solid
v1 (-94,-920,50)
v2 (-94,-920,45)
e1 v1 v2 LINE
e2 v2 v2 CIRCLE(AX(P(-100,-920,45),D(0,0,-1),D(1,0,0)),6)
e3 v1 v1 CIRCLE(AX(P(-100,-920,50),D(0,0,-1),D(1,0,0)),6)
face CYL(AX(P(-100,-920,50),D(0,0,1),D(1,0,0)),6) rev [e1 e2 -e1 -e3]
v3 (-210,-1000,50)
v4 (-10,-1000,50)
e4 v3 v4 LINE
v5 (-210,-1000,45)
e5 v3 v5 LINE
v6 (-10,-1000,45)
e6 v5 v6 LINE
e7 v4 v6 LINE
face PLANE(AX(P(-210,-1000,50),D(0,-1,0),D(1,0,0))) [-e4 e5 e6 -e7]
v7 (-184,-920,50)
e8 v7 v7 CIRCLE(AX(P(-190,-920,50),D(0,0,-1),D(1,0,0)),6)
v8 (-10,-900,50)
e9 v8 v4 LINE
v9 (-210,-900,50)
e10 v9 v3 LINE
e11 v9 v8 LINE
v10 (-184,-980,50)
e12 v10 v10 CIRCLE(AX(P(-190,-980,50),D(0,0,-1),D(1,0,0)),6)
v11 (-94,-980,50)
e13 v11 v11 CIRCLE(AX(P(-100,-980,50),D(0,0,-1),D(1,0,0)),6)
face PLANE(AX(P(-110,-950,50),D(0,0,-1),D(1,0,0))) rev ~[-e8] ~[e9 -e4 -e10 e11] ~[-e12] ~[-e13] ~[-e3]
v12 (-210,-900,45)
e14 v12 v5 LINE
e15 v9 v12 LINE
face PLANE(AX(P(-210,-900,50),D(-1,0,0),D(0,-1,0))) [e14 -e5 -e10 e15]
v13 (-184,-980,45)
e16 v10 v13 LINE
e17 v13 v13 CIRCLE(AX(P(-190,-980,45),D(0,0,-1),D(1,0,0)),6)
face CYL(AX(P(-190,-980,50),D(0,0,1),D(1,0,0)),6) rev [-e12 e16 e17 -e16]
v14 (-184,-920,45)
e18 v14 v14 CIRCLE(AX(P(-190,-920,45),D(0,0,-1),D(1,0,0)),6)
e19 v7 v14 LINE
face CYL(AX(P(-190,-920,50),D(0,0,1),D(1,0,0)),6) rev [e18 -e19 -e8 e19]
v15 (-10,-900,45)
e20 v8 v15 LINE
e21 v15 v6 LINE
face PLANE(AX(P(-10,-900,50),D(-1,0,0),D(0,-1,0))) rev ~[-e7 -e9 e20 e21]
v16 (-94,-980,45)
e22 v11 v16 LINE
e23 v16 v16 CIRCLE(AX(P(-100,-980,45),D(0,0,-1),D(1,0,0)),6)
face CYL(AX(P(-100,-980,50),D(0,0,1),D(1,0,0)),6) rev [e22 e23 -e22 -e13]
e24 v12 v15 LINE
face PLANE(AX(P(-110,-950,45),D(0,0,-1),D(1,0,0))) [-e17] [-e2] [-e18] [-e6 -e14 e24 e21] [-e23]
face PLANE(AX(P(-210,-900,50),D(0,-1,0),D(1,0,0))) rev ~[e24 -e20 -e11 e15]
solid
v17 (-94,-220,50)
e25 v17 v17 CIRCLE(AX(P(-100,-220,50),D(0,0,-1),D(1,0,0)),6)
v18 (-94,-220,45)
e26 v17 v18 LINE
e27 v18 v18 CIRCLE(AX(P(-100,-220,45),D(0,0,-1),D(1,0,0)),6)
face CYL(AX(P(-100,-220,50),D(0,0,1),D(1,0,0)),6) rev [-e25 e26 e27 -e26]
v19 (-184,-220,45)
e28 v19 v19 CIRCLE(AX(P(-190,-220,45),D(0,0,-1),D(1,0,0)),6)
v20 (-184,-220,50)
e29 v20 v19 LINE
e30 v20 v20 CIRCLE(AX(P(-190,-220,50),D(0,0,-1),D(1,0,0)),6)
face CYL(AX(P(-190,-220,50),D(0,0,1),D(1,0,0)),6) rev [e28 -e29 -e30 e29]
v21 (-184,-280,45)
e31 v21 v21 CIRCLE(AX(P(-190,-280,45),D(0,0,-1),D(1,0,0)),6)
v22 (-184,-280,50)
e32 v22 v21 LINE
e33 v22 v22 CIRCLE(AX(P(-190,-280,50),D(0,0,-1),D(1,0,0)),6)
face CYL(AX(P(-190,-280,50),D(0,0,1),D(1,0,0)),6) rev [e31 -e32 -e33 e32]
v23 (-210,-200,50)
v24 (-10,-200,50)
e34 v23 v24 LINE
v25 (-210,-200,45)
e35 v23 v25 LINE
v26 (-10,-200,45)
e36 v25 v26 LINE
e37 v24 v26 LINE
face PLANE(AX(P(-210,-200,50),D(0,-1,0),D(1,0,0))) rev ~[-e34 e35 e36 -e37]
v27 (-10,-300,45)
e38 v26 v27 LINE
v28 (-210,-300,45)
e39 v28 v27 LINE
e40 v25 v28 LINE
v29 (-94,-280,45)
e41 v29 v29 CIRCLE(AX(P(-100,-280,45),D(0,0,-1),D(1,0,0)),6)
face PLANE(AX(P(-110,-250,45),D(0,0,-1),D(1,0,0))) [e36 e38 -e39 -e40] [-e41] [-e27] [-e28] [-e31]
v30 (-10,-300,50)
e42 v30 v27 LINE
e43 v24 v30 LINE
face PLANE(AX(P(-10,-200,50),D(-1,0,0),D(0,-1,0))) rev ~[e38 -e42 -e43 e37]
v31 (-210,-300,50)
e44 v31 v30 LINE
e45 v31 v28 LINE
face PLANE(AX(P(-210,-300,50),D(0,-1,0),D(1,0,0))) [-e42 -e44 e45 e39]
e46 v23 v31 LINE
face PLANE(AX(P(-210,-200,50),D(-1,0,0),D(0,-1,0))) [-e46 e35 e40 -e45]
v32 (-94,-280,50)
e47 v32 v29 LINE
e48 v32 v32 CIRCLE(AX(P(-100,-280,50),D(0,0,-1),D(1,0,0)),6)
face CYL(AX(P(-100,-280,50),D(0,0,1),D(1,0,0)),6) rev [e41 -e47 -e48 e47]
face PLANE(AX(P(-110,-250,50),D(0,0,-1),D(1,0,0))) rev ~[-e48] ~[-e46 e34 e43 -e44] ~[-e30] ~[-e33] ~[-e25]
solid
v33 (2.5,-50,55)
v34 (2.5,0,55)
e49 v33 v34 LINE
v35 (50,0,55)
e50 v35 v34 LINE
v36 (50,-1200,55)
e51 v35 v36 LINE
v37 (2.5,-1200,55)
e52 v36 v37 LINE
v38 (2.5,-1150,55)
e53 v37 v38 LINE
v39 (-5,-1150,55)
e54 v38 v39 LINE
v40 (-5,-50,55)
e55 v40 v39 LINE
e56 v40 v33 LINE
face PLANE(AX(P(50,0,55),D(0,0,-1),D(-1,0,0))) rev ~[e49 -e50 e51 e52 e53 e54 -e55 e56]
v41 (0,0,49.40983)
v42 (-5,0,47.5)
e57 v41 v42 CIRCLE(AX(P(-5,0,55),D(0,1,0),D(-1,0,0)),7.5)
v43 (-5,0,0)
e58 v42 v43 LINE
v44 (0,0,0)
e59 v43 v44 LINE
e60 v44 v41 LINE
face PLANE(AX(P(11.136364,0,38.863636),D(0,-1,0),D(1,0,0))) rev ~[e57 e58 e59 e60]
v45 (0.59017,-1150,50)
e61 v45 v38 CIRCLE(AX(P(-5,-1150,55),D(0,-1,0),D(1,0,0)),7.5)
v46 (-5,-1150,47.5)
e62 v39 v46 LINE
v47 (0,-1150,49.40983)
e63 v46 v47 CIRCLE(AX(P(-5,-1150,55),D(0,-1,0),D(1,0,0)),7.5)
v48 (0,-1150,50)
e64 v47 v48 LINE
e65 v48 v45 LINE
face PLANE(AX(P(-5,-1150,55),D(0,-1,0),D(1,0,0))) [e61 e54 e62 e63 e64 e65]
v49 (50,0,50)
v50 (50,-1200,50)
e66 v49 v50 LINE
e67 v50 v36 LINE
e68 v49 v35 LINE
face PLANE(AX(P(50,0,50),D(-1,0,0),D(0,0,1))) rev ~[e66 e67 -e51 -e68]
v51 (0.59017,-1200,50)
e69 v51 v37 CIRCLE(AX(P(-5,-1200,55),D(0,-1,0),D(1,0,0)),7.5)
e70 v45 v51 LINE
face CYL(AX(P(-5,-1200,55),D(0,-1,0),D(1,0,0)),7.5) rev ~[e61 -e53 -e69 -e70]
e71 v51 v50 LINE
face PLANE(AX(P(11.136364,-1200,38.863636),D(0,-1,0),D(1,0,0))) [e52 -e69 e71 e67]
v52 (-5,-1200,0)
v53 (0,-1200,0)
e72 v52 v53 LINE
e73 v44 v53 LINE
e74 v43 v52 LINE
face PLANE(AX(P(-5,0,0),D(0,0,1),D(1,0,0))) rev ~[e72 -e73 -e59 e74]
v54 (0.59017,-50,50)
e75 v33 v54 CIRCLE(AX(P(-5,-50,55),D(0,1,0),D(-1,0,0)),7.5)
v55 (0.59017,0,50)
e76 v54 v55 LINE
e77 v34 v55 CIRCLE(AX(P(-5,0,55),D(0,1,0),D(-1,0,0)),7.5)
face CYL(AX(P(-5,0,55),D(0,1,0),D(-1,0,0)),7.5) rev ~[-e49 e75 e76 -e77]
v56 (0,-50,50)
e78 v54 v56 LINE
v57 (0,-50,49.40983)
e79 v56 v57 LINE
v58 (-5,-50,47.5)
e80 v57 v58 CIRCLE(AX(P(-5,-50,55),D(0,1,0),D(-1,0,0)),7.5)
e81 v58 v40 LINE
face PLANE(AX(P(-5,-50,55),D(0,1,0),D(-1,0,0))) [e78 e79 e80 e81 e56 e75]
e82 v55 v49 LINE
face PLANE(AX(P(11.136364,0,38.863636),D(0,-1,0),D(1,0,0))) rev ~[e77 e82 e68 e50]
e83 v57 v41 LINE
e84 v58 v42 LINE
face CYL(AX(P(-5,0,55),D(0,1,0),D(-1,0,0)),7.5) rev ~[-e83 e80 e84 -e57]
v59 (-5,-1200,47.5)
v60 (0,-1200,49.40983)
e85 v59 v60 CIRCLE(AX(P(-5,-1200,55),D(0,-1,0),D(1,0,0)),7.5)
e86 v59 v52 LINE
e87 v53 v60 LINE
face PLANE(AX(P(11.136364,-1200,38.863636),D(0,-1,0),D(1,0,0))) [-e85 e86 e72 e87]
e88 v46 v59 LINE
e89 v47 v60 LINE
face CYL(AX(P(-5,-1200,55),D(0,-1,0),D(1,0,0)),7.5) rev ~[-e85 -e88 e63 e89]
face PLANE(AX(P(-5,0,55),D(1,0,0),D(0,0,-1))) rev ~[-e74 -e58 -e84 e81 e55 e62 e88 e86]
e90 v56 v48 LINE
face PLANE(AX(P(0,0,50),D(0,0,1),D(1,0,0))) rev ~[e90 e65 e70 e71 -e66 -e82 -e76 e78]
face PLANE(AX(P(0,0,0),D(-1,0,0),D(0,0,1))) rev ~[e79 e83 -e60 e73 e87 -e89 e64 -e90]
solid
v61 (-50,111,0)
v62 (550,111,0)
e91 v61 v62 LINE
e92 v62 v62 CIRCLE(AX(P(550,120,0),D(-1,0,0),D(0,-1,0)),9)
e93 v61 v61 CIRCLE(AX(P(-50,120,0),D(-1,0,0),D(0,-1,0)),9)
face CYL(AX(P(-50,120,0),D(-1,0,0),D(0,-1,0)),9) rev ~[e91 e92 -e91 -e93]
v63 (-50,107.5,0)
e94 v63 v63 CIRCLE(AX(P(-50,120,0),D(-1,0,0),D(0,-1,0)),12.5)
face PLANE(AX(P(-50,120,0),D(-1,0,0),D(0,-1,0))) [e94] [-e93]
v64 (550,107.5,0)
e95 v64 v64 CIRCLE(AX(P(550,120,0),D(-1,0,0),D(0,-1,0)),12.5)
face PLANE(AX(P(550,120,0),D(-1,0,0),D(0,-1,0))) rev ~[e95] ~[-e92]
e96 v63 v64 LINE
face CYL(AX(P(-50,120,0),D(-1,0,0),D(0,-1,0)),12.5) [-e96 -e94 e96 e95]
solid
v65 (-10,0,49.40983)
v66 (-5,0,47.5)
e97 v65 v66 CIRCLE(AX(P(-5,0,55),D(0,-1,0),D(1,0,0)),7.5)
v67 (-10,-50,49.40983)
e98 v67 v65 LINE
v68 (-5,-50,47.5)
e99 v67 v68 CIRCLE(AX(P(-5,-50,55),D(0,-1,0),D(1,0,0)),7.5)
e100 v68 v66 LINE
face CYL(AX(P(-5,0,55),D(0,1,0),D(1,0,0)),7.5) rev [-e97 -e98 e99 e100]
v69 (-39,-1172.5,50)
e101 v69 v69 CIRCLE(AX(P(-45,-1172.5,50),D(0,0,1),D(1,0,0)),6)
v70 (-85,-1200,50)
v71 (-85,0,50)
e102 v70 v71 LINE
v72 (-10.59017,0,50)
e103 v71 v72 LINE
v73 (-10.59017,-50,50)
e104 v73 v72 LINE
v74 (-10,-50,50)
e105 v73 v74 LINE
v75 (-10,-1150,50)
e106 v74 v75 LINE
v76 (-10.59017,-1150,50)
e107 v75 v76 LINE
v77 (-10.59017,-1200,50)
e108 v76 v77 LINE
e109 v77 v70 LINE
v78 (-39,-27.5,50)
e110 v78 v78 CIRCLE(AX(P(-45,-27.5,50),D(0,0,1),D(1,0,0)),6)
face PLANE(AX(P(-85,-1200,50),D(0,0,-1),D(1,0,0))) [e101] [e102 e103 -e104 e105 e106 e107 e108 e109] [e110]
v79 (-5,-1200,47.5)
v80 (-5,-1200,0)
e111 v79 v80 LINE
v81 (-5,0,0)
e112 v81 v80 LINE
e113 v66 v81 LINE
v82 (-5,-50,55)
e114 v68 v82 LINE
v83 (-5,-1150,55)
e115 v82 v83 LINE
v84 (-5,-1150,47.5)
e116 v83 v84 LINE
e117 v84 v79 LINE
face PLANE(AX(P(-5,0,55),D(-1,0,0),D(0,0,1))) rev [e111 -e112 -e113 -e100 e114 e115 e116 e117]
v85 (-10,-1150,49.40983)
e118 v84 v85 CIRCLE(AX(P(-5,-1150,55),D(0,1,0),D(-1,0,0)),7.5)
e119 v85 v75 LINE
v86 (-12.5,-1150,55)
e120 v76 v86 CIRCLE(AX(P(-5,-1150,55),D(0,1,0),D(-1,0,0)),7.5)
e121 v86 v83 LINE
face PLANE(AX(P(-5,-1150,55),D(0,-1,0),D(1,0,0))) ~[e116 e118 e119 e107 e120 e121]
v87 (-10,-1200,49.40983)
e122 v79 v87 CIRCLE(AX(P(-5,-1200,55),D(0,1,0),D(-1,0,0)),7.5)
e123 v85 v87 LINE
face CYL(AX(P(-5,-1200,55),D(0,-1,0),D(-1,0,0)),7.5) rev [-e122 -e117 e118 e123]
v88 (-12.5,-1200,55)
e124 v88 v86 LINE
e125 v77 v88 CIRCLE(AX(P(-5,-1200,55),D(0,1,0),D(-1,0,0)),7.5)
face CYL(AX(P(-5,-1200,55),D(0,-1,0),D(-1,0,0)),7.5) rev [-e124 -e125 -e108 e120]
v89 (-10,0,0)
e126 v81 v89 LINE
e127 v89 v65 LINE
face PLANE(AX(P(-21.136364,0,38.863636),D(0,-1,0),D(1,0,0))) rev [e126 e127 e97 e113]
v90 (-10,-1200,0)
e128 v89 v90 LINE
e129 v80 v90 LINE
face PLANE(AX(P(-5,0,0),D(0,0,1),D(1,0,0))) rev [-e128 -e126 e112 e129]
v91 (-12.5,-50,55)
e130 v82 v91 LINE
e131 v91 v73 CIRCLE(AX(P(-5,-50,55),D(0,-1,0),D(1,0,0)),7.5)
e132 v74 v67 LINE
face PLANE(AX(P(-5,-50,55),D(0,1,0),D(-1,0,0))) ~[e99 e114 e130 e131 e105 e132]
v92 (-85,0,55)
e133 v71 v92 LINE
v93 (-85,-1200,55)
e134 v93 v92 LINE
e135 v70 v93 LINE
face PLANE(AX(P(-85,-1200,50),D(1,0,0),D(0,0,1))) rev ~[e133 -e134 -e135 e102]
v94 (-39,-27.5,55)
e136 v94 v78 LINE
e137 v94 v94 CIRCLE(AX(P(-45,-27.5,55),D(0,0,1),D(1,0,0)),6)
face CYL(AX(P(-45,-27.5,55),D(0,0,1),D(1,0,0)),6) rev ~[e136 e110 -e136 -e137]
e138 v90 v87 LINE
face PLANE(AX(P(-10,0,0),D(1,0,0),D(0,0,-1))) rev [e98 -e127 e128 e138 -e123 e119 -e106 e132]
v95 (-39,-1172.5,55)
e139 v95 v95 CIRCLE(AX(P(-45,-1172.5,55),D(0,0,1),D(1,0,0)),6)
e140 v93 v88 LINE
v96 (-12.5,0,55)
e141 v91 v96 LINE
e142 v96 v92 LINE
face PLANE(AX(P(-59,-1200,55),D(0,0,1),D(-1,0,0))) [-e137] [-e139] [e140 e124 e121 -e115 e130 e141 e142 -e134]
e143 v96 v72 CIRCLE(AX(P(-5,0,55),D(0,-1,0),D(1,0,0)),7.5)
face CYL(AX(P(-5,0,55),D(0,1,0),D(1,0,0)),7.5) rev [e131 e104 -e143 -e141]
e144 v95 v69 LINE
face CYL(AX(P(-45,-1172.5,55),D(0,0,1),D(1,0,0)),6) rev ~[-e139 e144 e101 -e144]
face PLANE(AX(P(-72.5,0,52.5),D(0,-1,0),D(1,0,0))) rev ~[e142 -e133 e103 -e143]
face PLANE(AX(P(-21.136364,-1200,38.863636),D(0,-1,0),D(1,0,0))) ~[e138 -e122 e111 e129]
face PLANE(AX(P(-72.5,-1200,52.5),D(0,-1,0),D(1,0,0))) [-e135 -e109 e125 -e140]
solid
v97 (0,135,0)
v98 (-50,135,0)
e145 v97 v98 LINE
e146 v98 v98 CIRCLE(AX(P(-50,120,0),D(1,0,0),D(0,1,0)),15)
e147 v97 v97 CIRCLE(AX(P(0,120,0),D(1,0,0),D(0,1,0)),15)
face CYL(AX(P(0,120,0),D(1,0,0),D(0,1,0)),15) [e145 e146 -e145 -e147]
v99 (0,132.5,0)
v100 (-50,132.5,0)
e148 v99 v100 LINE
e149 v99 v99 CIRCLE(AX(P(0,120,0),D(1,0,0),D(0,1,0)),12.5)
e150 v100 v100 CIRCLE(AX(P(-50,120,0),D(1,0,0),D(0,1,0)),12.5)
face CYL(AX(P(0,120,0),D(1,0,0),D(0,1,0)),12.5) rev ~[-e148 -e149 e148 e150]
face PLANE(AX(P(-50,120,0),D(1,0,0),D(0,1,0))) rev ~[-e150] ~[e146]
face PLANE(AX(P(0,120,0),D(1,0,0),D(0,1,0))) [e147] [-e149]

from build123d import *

# Parameters (mm, degrees)
F1_DEPTH  = 1200
F2_R      = 7.5
F3_DEPTH  = 50
F4_R      = 7.5
F5_DEPTH  = 50
F8_R      = 6
F9_DEPTH  = 25
F10_W     = 200
F10_H     = 100
F10_R     = 6
F11_DEPTH = 5
F12_R     = 15
F12_R_2   = 12.5
F13_DEPTH = 50
F14_R     = 12.5
F14_R_2   = 9
F15_DEPTH = 600
F16_W     = 25
F16_H     = 5
F16_W_2   = 1
F17_DEPTH = 1200


with BuildPart() as f1:
    # F0 (on Front) → F1 (new body)
    with BuildSketch(Plane.XZ):
        Polygon((-5, 0), (0, 0), (0, 50), (50, 50), (50, 55), (-5, 55), align=None)
    extrude(amount=F1_DEPTH)

    # F2 (on face) → F3 (cut)
    with BuildSketch(Plane(origin=(0, 0, 0), x_dir=(-1, 0, 0), z_dir=(0, 1, 0))):
        with Locations((5, 55)):
            Circle(F2_R)
    extrude(amount=-F3_DEPTH, mode=Mode.SUBTRACT)

    # F4 (on face) → F5 (cut)
    with BuildSketch(Plane.XZ.offset(1200)):
        with Locations((-5, 55)):
            Circle(F4_R)
    extrude(amount=-F5_DEPTH, mode=Mode.SUBTRACT)


with BuildPart() as f7_1:
    # F7: instance of F1
    add(f1.part.mirror(Plane.YZ.offset(-5)))

    # F8 (on face) → F9 (cut)
    with BuildSketch(Plane.XY.offset(55)):
        with Locations((-45, -27.5)):
            Circle(F8_R)
        with Locations((-45, -1172.5)):
            Circle(F8_R)
    extrude(amount=-F9_DEPTH, mode=Mode.SUBTRACT)

    # F16 (on face) → F17 (join)
    with BuildSketch(Plane.XZ.offset(1200)):
        with Locations((-72.5, 52.5)):
            Rectangle(F16_W, F16_H)
        with Locations((-59.5, 52.5)):
            Rectangle(F16_W_2, F16_H)
    extrude(amount=-F17_DEPTH)


with BuildPart() as f11:
    # F10 (on face) → F11 (new body)
    with BuildSketch(Plane(origin=(0, 0, 50), x_dir=(1, 0, 0), z_dir=(0, 0, -1))):
        with Locations((-110, 250)):
            Rectangle(F10_W, F10_H)
        with Locations((-190, 220)):
            Circle(F10_R, mode=Mode.SUBTRACT)
        with Locations((-190, 280)):
            Circle(F10_R, mode=Mode.SUBTRACT)
        with Locations((-100, 220)):
            Circle(F10_R, mode=Mode.SUBTRACT)
        with Locations((-100, 280)):
            Circle(F10_R, mode=Mode.SUBTRACT)
    extrude(amount=F11_DEPTH)


with BuildPart() as f11b:
    # F10 (on face) → F11, piece 2 (new body)
    with BuildSketch(Plane(origin=(0, 0, 50), x_dir=(1, 0, 0), z_dir=(0, 0, -1))):
        with Locations((-110, 950)):
            Rectangle(F10_W, F10_H)
        with Locations((-190, 920)):
            Circle(F10_R, mode=Mode.SUBTRACT)
        with Locations((-190, 980)):
            Circle(F10_R, mode=Mode.SUBTRACT)
        with Locations((-100, 920)):
            Circle(F10_R, mode=Mode.SUBTRACT)
        with Locations((-100, 980)):
            Circle(F10_R, mode=Mode.SUBTRACT)
    extrude(amount=F11_DEPTH)


with BuildPart() as f13:
    # F12 (on Right) → F13 (new body)
    with BuildSketch(Plane.YZ):
        with Locations((120, 0)):
            Circle(F12_R)
        with Locations((120, 0)):
            Circle(F12_R_2, mode=Mode.SUBTRACT)
    extrude(amount=-F13_DEPTH)


with BuildPart() as f15:
    # F14 (on face) → F15 (new body)
    with BuildSketch(Plane(origin=(-50, 0, 0), x_dir=(0, -1, 0), z_dir=(-1, 0, 0))):
        with Locations((-120, 0)):
            Circle(F14_R)
        with Locations((-120, 0)):
            Circle(F14_R_2, mode=Mode.SUBTRACT)
    extrude(amount=-F15_DEPTH)


solid = Compound([f1.part, f7_1.part, f11.part, f11b.part, f13.part, f15.part])
